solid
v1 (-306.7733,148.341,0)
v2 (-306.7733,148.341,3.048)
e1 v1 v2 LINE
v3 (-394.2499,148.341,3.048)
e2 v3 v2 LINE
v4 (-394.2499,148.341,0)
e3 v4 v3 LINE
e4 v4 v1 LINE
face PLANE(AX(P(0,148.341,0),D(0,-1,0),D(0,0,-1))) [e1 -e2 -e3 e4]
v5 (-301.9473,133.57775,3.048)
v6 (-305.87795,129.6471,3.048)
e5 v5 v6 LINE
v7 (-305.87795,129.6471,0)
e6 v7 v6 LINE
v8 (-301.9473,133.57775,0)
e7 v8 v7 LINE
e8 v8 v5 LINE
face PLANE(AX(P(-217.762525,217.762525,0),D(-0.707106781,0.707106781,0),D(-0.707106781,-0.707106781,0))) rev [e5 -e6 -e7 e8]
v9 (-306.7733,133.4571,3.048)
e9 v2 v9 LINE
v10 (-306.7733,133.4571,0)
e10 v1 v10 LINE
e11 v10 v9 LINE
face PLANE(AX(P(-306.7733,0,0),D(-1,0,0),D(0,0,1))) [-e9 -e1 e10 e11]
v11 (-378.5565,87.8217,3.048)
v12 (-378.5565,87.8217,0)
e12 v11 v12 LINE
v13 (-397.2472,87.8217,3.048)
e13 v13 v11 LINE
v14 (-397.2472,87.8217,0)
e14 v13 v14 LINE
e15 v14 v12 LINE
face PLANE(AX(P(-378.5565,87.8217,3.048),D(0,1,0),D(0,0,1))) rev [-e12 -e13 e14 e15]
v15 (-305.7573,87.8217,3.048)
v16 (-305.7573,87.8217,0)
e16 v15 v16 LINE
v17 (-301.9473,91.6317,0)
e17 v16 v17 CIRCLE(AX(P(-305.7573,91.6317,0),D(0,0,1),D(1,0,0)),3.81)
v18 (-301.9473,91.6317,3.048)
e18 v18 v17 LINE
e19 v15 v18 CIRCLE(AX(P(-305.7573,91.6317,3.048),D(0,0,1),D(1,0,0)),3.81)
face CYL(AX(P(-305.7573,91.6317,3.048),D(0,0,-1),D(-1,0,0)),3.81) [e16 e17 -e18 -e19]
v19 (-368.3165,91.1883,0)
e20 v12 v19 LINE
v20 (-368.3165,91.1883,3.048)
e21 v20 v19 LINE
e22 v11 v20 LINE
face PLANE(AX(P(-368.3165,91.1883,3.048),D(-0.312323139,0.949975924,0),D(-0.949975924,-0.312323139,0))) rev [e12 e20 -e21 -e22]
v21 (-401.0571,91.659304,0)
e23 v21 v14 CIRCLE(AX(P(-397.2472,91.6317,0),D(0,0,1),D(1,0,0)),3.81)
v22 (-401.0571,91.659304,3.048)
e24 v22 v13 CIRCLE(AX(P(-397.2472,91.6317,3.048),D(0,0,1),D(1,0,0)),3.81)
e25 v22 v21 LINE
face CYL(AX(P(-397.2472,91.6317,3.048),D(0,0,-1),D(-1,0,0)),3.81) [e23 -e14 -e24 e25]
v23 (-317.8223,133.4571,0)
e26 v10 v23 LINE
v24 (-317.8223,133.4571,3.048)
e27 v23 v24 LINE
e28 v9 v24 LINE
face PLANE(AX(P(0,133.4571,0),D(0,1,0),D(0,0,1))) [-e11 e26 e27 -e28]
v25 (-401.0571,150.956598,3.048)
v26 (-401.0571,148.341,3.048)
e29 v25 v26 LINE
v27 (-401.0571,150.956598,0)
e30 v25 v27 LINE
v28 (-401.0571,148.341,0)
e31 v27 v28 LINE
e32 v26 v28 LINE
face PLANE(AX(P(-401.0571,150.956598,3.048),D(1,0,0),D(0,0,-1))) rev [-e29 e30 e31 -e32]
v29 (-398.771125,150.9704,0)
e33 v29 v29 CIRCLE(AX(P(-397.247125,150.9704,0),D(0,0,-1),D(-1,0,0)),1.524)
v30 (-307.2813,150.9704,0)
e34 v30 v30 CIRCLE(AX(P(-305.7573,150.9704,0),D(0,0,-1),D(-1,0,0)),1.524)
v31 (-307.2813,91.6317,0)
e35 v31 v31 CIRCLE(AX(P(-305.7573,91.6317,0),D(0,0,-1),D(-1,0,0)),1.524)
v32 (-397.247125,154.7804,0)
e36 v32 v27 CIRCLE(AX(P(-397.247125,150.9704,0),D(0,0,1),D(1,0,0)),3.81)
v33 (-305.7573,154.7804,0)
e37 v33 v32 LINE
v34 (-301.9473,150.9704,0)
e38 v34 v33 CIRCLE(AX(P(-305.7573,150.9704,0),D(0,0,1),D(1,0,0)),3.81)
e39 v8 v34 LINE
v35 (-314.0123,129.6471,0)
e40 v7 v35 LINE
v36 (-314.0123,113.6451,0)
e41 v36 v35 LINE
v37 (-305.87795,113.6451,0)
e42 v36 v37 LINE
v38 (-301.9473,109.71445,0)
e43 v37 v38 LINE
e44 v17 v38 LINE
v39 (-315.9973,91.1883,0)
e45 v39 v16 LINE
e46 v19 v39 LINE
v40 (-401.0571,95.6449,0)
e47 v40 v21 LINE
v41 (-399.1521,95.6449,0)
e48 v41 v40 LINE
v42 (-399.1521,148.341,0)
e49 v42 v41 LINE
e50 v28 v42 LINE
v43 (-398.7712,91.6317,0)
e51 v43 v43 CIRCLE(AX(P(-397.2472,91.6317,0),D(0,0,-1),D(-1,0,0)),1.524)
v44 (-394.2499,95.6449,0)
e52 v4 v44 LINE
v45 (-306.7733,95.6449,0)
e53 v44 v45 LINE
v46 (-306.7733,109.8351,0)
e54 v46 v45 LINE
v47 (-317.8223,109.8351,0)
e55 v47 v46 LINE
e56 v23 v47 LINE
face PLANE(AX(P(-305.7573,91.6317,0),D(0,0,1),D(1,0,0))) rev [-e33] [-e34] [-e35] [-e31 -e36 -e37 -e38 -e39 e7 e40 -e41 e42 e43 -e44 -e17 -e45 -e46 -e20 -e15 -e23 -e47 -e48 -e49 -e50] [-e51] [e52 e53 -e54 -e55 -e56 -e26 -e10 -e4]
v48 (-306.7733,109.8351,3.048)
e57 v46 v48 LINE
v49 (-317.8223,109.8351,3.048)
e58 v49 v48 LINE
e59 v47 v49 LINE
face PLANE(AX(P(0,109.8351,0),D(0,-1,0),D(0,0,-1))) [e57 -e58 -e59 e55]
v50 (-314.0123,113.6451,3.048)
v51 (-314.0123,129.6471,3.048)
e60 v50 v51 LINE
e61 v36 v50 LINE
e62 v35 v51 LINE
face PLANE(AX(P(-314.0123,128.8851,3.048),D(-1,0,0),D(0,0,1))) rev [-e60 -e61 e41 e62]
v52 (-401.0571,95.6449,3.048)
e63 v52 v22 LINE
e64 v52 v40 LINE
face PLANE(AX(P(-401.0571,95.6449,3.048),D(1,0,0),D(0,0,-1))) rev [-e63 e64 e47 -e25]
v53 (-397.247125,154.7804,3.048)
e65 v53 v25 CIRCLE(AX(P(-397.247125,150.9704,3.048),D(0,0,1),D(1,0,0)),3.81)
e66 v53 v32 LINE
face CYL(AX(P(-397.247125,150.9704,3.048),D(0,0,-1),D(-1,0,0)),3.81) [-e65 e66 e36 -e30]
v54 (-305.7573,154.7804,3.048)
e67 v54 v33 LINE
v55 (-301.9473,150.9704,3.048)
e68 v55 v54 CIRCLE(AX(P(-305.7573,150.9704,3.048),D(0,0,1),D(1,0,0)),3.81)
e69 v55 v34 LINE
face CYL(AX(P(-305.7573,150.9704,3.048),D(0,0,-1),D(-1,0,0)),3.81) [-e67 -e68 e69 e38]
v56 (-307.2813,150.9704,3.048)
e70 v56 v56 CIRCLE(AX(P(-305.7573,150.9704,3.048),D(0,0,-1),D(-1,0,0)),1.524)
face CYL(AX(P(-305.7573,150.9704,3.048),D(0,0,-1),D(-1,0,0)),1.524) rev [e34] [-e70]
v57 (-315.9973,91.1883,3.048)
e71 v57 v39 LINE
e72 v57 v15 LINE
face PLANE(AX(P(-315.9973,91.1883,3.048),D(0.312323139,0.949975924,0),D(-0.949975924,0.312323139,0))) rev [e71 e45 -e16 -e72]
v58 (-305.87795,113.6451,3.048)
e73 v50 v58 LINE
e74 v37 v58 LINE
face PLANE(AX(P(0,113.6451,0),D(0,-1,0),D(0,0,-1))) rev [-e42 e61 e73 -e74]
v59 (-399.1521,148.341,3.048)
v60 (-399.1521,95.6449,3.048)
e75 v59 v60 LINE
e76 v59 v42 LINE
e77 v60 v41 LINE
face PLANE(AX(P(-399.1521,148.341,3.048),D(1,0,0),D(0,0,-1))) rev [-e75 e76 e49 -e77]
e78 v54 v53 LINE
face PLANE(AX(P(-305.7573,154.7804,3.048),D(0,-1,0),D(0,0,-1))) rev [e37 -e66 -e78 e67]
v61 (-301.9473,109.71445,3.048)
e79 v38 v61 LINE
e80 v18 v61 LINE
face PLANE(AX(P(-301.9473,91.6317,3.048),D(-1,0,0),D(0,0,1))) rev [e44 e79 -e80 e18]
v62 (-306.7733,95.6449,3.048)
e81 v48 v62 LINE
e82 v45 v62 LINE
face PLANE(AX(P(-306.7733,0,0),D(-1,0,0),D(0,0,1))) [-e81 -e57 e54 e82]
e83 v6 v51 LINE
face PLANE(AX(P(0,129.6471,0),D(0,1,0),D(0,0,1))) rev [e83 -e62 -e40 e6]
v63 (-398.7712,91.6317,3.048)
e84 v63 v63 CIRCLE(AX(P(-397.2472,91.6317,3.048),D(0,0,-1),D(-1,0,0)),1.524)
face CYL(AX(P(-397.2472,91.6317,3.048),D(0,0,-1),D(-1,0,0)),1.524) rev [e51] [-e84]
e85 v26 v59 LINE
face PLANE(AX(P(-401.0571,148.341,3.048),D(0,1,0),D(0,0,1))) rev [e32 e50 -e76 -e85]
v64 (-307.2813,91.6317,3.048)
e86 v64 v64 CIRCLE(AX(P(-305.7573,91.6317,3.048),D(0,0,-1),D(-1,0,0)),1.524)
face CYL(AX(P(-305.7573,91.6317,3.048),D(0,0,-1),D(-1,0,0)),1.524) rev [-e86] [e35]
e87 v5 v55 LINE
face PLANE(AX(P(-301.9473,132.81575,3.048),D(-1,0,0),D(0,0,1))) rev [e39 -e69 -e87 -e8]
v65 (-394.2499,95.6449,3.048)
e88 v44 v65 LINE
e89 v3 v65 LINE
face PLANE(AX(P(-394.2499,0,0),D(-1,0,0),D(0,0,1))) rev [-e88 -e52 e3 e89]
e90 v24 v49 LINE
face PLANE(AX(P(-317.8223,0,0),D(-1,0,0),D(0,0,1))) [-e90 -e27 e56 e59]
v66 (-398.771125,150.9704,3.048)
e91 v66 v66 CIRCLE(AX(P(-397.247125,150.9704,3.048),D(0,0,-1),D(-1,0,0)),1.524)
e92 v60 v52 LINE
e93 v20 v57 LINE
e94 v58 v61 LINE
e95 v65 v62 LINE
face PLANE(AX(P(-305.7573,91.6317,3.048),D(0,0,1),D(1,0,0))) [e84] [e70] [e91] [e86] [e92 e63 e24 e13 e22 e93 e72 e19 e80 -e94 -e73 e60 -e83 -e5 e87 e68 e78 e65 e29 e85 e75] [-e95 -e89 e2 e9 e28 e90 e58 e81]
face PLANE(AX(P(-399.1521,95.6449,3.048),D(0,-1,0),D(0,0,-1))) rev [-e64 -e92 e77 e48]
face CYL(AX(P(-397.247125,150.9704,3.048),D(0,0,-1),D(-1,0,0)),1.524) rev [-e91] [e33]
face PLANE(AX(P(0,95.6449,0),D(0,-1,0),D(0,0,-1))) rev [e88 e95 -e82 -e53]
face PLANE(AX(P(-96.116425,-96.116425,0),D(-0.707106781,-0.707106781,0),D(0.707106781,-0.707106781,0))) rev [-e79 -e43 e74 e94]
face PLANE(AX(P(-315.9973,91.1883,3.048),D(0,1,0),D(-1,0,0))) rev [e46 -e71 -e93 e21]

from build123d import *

# Parameters (mm, degrees)
BOSS_EXTRUDE1_DEPTH = 3.048
SKETCH2_R           = 1.355900406
CUT_EXTRUDE1_DEPTH  = 4.048
SKETCH3_R           = 1.524
CUT_EXTRUDE2_DEPTH  = 4.048
CUT_EXTRUDE3_DEPTH  = 4.048
BOSS_EXTRUDE2_DEPTH = 3.048
SKETCH5_W           = 11.049
SKETCH5_H           = 14.8839
SKETCH5_W_2         = 76.4276
SKETCH5_H_2         = 52.6961
SKETCH5_H_3         = 14.1902
CUT_EXTRUDE4_DEPTH  = 4.048


with BuildPart() as part:
    # Sketch1 → Boss-Extrude1 (new body)
    with BuildSketch(Plane.XY):
        with BuildLine():
            Line((-309.8086, 128.8851), (-305.87795, 128.8851))
            Line((-305.87795, 128.8851), (-301.9473, 132.81575))
            Line((-301.9473, 132.81575), (-301.9473, 150.9704))
            ThreePointArc((-301.9473, 150.9704), (-303.063223164, 153.664476836), (-305.7573, 154.7804))
            Line((-305.7573, 154.7804), (-397.247125, 154.7804))
            ThreePointArc((-397.247125, 154.7804), (-399.946077222, 153.659592612), (-401.0571, 150.956597849))
            Line((-401.0571, 150.956597849), (-401.0571, 148.341))
            Line((-401.0571, 148.341), (-399.1521, 148.341))
            Line((-399.1521, 148.341), (-399.1521, 95.6449))
            Line((-399.1521, 95.6449), (-401.0571, 95.6449))
            Line((-401.0571, 95.6449), (-401.0571, 91.659304166))
            ThreePointArc((-401.0571, 91.659304166), (-399.951018769, 88.947400452), (-397.2472, 87.8217))
            Line((-397.2472, 87.8217), (-378.5565, 87.8217))
            Line((-378.5565, 87.8217), (-368.3165, 91.1883))
            Line((-368.3165, 91.1883), (-315.9973, 91.1883))
            Line((-315.9973, 91.1883), (-305.7573, 87.8217))
            ThreePointArc((-305.7573, 87.8217), (-303.063223164, 88.937623164), (-301.9473, 91.6317))
            Line((-301.9473, 91.6317), (-301.9473, 111.74645))
            Line((-301.9473, 111.74645), (-305.87795, 115.6771))
            Line((-305.87795, 115.6771), (-309.8086, 115.6771))
            Line((-309.8086, 115.6771), (-314.0123, 115.6771))
            Line((-314.0123, 115.6771), (-314.0123, 128.8851))
            Line((-314.0123, 128.8851), (-309.8086, 128.8851))
        make_face()
        Polygon((-395.3675, 92.9525), (-395.3675, 149.2432), (-309.8086, 149.2432), (-309.8086, 132.81575), (-318.2033, 132.81575), (-318.2033, 111.74645), (-309.8086, 111.74645), (-309.8086, 92.9525), align=None, mode=Mode.SUBTRACT)
    extrude(amount=BOSS_EXTRUDE1_DEPTH)

    # Sketch2 → Cut-Extrude1 (cut, through all)
    with BuildSketch(Plane(origin=(0, 0, 0), x_dir=(-1, 0, 0), z_dir=(0, 0, -1))):
        with Locations((305.7573, 150.9704)):
            Circle(SKETCH2_R)
        with Locations((397.247125, 150.9704)):
            Circle(SKETCH2_R)
        with Locations((397.2472, 91.6317)):
            Circle(SKETCH2_R)
        with Locations((305.7573, 91.6317)):
            Circle(SKETCH2_R)
    extrude(amount=-CUT_EXTRUDE1_DEPTH, mode=Mode.SUBTRACT)

    # Sketch3 → Cut-Extrude2 (cut, through all)
    with BuildSketch(Plane(origin=(0, 0, 0), x_dir=(-1, 0, 0), z_dir=(0, 0, -1))):
        with Locations((305.7573, 150.9704)):
            Circle(SKETCH3_R)
        with Locations((397.247125, 150.9704)):
            Circle(SKETCH3_R)
        with Locations((397.2472, 91.6317)):
            Circle(SKETCH3_R)
        with Locations((305.7573, 91.6317)):
            Circle(SKETCH3_R)
    extrude(amount=-CUT_EXTRUDE2_DEPTH, mode=Mode.SUBTRACT)

    # Sketch4 → Cut-Extrude3 (cut, through all)
    with BuildSketch(Plane.XY.offset(3.048)):
        Polygon((-301.9473, 133.57775), (-305.87795, 129.6471), (-314.0123, 129.6471), (-314.0123, 113.6451), (-305.87795, 113.6451), (-301.9473, 109.71445), align=None)
    extrude(amount=-CUT_EXTRUDE3_DEPTH, mode=Mode.SUBTRACT)

    # Sketch4_4 → Boss-Extrude2 (add)
    with BuildSketch(Plane.XY.offset(3.048)):
        Polygon((-318.2033, 111.74645), (-318.2033, 132.81575), (-309.8086, 132.81575), (-309.8086, 149.2432), (-395.3675, 149.2432), (-395.3675, 92.9525), (-309.8086, 92.9525), (-309.8086, 111.74645), align=None)
    extrude(amount=-BOSS_EXTRUDE2_DEPTH)

    # Sketch5 → Cut-Extrude4 (cut, through all)
    with BuildSketch(Plane.XY.offset(3.048)):
        with Locations((-312.2978, 140.89905)):
            Rectangle(SKETCH5_W, SKETCH5_H)
        with Locations((-356.0361, 121.99295)):
            Rectangle(SKETCH5_W_2, SKETCH5_H_2)
        with Locations((-312.2978, 102.74)):
            Rectangle(SKETCH5_W, SKETCH5_H_3)
    extrude(amount=-CUT_EXTRUDE4_DEPTH, mode=Mode.SUBTRACT)


solid = part.part
